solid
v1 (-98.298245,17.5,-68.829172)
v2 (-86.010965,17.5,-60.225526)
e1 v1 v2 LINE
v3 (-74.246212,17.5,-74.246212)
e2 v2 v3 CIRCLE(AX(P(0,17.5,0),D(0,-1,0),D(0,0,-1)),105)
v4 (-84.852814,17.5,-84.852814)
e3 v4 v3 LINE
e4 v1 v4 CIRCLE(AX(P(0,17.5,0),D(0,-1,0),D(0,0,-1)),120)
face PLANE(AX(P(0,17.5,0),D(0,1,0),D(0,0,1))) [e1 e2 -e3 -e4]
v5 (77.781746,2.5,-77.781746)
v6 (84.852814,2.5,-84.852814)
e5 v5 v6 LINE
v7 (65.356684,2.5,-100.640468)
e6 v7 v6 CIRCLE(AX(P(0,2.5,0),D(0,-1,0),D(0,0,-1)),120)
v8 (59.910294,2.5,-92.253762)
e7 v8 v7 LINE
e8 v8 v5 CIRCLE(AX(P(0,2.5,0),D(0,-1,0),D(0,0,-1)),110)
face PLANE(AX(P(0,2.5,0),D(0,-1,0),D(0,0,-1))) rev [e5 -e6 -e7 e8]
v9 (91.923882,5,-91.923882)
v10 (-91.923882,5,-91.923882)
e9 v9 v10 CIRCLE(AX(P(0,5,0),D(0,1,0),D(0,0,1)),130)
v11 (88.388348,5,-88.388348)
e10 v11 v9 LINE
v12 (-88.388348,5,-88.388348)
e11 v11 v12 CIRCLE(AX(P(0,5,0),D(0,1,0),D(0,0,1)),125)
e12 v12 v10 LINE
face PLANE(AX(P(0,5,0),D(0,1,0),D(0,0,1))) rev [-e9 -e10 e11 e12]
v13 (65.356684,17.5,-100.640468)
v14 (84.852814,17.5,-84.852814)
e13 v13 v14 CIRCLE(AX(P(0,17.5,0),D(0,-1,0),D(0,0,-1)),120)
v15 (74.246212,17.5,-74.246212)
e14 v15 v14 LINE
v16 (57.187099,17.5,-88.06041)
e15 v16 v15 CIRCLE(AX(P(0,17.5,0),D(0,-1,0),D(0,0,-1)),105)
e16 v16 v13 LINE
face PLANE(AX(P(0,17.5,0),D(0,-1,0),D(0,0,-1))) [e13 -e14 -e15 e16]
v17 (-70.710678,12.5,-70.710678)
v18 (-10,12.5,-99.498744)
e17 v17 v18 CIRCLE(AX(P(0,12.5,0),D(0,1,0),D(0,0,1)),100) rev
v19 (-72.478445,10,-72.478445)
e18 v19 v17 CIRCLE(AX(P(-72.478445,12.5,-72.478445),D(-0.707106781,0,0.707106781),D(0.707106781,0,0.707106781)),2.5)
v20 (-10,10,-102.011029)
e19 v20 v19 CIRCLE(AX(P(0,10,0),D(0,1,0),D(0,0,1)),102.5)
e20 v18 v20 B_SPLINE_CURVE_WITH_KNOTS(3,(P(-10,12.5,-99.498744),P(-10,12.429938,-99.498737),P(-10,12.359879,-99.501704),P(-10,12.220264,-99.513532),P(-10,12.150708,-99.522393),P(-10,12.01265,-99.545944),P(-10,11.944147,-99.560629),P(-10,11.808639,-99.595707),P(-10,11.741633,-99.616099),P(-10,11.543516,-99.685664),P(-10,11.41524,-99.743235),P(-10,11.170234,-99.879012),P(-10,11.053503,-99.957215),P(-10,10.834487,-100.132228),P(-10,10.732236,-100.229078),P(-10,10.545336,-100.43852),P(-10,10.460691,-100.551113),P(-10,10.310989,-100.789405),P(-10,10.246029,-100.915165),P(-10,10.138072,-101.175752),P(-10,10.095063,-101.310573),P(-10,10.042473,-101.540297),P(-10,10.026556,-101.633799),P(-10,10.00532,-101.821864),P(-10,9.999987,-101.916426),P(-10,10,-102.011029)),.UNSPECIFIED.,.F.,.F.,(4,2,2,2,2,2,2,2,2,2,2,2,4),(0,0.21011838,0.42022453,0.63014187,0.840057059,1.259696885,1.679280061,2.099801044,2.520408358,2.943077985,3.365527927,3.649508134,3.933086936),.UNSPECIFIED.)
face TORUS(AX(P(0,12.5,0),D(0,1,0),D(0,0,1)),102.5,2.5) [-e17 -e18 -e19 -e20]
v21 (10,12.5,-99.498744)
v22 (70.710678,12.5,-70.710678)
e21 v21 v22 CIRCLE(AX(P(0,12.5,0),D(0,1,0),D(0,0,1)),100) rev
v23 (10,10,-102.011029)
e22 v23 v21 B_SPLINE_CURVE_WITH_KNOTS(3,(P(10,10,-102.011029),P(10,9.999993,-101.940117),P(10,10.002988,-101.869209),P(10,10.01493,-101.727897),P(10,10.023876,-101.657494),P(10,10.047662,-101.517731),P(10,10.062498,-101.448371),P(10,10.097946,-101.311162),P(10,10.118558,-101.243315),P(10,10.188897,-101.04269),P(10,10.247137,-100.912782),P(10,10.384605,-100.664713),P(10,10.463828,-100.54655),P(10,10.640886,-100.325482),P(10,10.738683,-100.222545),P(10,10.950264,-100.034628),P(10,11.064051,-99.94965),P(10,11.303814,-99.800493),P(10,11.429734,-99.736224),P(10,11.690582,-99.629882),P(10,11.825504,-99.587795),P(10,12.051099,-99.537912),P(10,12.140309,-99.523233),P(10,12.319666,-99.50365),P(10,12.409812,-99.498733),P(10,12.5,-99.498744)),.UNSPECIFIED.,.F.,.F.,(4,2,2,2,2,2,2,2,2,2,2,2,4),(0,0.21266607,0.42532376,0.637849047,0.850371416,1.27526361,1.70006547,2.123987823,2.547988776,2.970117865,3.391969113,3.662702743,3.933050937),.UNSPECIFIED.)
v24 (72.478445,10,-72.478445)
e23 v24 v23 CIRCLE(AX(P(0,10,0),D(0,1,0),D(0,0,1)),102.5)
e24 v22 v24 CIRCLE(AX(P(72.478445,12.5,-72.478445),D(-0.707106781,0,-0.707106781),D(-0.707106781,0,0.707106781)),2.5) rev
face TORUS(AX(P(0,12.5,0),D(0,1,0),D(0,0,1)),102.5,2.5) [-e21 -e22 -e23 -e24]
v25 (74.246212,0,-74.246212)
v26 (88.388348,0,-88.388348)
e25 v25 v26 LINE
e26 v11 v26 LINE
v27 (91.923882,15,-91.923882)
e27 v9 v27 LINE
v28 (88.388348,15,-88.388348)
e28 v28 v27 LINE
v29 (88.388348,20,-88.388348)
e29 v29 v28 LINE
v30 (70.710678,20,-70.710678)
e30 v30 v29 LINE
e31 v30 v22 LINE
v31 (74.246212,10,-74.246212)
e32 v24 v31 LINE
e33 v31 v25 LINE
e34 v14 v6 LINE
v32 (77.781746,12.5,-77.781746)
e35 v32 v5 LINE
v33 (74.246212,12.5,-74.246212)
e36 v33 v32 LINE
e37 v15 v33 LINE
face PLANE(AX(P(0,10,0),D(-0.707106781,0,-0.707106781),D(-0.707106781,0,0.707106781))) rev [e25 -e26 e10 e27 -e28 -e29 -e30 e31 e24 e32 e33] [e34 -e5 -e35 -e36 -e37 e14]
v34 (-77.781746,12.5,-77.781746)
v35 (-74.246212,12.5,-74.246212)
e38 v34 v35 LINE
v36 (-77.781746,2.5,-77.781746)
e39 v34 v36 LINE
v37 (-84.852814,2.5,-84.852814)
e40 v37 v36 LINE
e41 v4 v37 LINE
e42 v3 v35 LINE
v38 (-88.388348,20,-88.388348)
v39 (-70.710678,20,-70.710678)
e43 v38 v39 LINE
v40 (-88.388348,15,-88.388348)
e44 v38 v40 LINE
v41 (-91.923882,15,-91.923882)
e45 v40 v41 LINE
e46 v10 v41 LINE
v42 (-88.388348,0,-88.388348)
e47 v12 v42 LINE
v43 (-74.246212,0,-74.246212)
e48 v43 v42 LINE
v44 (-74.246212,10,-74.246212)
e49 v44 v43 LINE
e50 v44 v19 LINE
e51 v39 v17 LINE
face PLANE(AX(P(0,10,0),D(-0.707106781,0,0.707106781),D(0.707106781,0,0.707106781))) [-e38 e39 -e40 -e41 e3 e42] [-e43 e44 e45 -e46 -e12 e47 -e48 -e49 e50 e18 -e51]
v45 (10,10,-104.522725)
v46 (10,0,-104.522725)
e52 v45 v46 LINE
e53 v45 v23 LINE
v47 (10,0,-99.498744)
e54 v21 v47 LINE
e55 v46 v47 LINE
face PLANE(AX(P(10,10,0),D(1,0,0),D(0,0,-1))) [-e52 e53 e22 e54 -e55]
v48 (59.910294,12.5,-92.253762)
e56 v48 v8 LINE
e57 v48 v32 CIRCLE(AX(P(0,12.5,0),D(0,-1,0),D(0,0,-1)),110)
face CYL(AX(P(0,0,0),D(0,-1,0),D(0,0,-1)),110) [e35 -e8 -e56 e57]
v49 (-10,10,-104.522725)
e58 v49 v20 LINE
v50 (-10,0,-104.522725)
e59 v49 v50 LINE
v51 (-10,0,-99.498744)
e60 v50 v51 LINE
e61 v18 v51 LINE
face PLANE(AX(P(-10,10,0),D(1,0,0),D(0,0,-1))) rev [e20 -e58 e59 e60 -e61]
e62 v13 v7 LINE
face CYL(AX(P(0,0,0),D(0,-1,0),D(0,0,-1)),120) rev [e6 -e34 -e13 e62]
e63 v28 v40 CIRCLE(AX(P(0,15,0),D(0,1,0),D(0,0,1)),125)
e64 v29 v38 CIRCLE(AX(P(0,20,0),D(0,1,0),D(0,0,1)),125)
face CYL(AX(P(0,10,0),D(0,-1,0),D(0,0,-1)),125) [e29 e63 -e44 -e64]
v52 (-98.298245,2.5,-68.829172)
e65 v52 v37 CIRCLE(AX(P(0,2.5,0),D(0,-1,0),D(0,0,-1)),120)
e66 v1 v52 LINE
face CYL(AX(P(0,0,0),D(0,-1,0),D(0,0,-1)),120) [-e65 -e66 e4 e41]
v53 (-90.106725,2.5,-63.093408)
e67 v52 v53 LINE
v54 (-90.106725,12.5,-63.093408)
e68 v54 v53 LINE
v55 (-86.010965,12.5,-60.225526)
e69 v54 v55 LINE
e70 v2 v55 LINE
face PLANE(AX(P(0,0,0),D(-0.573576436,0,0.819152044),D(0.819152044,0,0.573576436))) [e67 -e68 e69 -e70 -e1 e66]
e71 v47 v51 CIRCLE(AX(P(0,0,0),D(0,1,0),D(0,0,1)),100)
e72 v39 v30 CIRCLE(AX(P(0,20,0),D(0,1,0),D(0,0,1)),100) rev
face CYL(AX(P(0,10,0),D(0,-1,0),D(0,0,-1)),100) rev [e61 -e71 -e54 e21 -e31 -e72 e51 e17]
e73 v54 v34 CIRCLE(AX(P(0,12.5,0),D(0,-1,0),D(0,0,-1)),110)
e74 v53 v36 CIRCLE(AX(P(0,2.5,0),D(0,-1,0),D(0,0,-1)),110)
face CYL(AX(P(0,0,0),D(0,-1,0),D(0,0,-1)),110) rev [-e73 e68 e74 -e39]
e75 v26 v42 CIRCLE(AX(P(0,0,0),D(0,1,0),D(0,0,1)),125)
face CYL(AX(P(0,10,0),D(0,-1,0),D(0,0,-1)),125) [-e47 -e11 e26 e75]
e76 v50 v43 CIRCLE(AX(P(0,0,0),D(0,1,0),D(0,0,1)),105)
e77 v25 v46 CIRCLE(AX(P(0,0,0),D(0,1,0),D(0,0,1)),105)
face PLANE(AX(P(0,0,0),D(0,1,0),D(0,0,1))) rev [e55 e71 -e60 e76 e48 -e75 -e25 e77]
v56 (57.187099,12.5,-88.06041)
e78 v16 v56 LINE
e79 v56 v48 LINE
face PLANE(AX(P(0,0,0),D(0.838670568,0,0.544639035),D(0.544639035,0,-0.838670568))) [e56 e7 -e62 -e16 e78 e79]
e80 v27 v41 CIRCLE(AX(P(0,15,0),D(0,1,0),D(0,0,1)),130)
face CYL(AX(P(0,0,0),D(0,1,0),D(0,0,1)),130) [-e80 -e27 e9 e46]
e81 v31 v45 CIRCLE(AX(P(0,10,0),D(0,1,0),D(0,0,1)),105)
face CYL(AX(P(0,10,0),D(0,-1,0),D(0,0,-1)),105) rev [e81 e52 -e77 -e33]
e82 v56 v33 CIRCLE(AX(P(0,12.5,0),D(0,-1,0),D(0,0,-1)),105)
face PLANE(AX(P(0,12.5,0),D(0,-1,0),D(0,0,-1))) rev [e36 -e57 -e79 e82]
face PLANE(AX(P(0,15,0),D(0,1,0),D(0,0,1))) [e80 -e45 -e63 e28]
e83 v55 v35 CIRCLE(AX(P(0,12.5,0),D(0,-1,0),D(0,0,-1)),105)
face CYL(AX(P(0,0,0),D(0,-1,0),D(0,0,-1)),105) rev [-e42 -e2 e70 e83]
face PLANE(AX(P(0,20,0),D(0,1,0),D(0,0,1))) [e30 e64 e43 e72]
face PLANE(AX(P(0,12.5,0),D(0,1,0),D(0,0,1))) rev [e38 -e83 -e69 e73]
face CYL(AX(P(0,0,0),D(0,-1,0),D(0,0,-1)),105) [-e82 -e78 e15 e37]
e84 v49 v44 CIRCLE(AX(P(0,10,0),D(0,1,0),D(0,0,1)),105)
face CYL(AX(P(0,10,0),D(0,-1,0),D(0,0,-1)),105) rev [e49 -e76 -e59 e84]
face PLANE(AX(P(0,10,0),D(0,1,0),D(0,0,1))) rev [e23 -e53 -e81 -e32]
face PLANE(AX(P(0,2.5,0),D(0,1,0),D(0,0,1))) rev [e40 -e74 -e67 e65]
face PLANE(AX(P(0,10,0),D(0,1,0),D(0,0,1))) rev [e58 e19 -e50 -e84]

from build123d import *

# Parameters (mm, degrees)
BOSS_EXTRUDE1_DEPTH = 10
BOSS_EXTRUDE2_DEPTH = 10
SKETCH3_W           = 10
SKETCH3_H           = 10
REVOLVE1_ANGLE      = 10
SKETCH4_W           = 10
SKETCH4_H           = 10
CUT_REVOLVE1_ANGLE  = 12
SKETCH5_W           = 10
SKETCH5_H           = 10
REVOLVE2_ANGLE      = 90
FILLET1_R           = 2.5


with BuildPart() as part:
    # Sketch1 → Boss-Extrude1 (new body)
    with BuildSketch(Plane(origin=(0, 0, 0), x_dir=(1, 0, 0), z_dir=(0, 1, 0))):
        with BuildLine():
            ThreePointArc((10, 104.522724802), (44.760729067, 94.981456787), (74.246212025, 74.246212025))
            Line((74.246212025, 74.246212025), (88.388347648, 88.388347648))
            ThreePointArc((88.388347648, 88.388347648), (0, 125), (-88.388347648, 88.388347648))
            Line((-88.388347648, 88.388347648), (-74.246212025, 74.246212025))
            ThreePointArc((-74.246212025, 74.246212025), (-44.760729067, 94.981456787), (-10, 104.522724802))
            Line((-10, 104.522724802), (-10, 105))
            Line((-10, 105), (7e-08, 105))
            Line((7e-08, 105), (10, 105))
            Line((10, 105), (10, 104.522724802))
        make_face()
        with BuildLine():
            ThreePointArc((-10, 99.498743711), (0, 100), (10, 99.498743711))
            Line((10, 99.498743711), (10, 104.522724802))
            ThreePointArc((10, 104.522724802), (5.005691586, 104.880613327), (7e-08, 105))
            ThreePointArc((7e-08, 105), (-5.005691516, 104.88061333), (-10, 104.522724802))
            Line((-10, 104.522724802), (-10, 99.498743711))
        make_face()
        with BuildLine():
            ThreePointArc((7e-08, 105), (5.005691586, 104.880613327), (10, 104.522724802))
            Line((10, 104.522724802), (10, 105))
            Line((10, 105), (7e-08, 105))
        make_face()
        with BuildLine():
            Line((-10, 105), (-10, 104.522724802))
            ThreePointArc((-10, 104.522724802), (-5.005691516, 104.88061333), (7e-08, 105))
            Line((7e-08, 105), (-10, 105))
        make_face()
    extrude(amount=BOSS_EXTRUDE1_DEPTH)

    # Sketch2 → Boss-Extrude2 (add)
    with BuildSketch(Plane(origin=(0, 10, 0), x_dir=(1, 0, 0), z_dir=(0, 1, 0))):
        with BuildLine():
            Line((-88.388347648, 88.388347648), (-74.246212025, 74.246212025))
            ThreePointArc((-74.246212025, 74.246212025), (-44.760729067, 94.981456787), (-10, 104.522724802))
            Line((-10, 104.522724802), (-10, 99.498743711))
            ThreePointArc((-10, 99.498743711), (0, 100), (10, 99.498743711))
            Line((10, 99.498743711), (10, 104.522724802))
            ThreePointArc((10, 104.522724802), (44.760729067, 94.981456787), (74.246212025, 74.246212025))
            Line((74.246212025, 74.246212025), (88.388347648, 88.388347648))
            ThreePointArc((88.388347648, 88.388347648), (0, 125), (-88.388347648, 88.388347648))
        make_face()
        with BuildLine():
            ThreePointArc((-10, 104.522724802), (-44.760729067, 94.981456787), (-74.246212025, 74.246212025))
            Line((-74.246212025, 74.246212025), (-70.710678119, 70.710678119))
            ThreePointArc((-70.710678119, 70.710678119), (-42.845554854, 90.356286053), (-10, 99.498743711))
            Line((-10, 99.498743711), (-10, 104.522724802))
        make_face()
        with BuildLine():
            Line((70.710678119, 70.710678119), (74.246212025, 74.246212025))
            ThreePointArc((74.246212025, 74.246212025), (44.760729067, 94.981456787), (10, 104.522724802))
            Line((10, 104.522724802), (10, 99.498743711))
            ThreePointArc((10, 99.498743711), (42.845554854, 90.356286053), (70.710678119, 70.710678119))
        make_face()
    extrude(amount=BOSS_EXTRUDE2_DEPTH)

    # Sketch3 → Revolve1 (revolve)
    with BuildSketch(Plane(origin=(0, 0, 0), x_dir=(0.7071067811865512, 0, 0.7071067811865438), z_dir=(-0.7071067811865438, 0, 0.7071067811865512))):
        Polygon((-120, 17.5), (-120, 12.5), (-110, 12.5), (-105, 12.5), (-105, 17.5), align=None)
        with Locations((-115, 7.5)):
            Rectangle(SKETCH3_W, SKETCH3_H)
    revolve(axis=Axis((0, 0, 0), (0, 1, 0)), revolution_arc=REVOLVE1_ANGLE)

    # Sketch4 → Cut-Revolve1 (revolve, cut)
    with BuildSketch(Plane(origin=(0, 0, 0), x_dir=(0.7071067811865507, 0, -0.7071067811865445), z_dir=(0.7071067811865445, 0, 0.7071067811865507))):
        Polygon((105, 12.5), (110, 12.5), (120, 12.5), (120, 17.5), (105, 17.5), align=None)
        with Locations((115, 7.5)):
            Rectangle(SKETCH4_W, SKETCH4_H)
    revolve(axis=Axis((0, 0, 0), (0, 1, 0)), revolution_arc=CUT_REVOLVE1_ANGLE, mode=Mode.SUBTRACT)

    # Sketch5 → Revolve2 (revolve)
    with BuildSketch(Plane(origin=(0, 0, 0), x_dir=(0.7071067811865512, 0, 0.7071067811865438), z_dir=(-0.7071067811865438, 0, 0.7071067811865512))):
        with Locations((-125, 10)):
            Rectangle(SKETCH5_W, SKETCH5_H)
    revolve(axis=Axis((0, 0, 0), (0, -1, 0)), revolution_arc=REVOLVE2_ANGLE)

    # Fillet1
    fillet1_edges = [part.edges().sort_by_distance(p)[0] for p in [
        (-42.845554854, 10, -90.356286053),
        (42.845554854, 10, -90.356286053),
    ]]
    fillet(fillet1_edges, radius=FILLET1_R)


solid = part.part
